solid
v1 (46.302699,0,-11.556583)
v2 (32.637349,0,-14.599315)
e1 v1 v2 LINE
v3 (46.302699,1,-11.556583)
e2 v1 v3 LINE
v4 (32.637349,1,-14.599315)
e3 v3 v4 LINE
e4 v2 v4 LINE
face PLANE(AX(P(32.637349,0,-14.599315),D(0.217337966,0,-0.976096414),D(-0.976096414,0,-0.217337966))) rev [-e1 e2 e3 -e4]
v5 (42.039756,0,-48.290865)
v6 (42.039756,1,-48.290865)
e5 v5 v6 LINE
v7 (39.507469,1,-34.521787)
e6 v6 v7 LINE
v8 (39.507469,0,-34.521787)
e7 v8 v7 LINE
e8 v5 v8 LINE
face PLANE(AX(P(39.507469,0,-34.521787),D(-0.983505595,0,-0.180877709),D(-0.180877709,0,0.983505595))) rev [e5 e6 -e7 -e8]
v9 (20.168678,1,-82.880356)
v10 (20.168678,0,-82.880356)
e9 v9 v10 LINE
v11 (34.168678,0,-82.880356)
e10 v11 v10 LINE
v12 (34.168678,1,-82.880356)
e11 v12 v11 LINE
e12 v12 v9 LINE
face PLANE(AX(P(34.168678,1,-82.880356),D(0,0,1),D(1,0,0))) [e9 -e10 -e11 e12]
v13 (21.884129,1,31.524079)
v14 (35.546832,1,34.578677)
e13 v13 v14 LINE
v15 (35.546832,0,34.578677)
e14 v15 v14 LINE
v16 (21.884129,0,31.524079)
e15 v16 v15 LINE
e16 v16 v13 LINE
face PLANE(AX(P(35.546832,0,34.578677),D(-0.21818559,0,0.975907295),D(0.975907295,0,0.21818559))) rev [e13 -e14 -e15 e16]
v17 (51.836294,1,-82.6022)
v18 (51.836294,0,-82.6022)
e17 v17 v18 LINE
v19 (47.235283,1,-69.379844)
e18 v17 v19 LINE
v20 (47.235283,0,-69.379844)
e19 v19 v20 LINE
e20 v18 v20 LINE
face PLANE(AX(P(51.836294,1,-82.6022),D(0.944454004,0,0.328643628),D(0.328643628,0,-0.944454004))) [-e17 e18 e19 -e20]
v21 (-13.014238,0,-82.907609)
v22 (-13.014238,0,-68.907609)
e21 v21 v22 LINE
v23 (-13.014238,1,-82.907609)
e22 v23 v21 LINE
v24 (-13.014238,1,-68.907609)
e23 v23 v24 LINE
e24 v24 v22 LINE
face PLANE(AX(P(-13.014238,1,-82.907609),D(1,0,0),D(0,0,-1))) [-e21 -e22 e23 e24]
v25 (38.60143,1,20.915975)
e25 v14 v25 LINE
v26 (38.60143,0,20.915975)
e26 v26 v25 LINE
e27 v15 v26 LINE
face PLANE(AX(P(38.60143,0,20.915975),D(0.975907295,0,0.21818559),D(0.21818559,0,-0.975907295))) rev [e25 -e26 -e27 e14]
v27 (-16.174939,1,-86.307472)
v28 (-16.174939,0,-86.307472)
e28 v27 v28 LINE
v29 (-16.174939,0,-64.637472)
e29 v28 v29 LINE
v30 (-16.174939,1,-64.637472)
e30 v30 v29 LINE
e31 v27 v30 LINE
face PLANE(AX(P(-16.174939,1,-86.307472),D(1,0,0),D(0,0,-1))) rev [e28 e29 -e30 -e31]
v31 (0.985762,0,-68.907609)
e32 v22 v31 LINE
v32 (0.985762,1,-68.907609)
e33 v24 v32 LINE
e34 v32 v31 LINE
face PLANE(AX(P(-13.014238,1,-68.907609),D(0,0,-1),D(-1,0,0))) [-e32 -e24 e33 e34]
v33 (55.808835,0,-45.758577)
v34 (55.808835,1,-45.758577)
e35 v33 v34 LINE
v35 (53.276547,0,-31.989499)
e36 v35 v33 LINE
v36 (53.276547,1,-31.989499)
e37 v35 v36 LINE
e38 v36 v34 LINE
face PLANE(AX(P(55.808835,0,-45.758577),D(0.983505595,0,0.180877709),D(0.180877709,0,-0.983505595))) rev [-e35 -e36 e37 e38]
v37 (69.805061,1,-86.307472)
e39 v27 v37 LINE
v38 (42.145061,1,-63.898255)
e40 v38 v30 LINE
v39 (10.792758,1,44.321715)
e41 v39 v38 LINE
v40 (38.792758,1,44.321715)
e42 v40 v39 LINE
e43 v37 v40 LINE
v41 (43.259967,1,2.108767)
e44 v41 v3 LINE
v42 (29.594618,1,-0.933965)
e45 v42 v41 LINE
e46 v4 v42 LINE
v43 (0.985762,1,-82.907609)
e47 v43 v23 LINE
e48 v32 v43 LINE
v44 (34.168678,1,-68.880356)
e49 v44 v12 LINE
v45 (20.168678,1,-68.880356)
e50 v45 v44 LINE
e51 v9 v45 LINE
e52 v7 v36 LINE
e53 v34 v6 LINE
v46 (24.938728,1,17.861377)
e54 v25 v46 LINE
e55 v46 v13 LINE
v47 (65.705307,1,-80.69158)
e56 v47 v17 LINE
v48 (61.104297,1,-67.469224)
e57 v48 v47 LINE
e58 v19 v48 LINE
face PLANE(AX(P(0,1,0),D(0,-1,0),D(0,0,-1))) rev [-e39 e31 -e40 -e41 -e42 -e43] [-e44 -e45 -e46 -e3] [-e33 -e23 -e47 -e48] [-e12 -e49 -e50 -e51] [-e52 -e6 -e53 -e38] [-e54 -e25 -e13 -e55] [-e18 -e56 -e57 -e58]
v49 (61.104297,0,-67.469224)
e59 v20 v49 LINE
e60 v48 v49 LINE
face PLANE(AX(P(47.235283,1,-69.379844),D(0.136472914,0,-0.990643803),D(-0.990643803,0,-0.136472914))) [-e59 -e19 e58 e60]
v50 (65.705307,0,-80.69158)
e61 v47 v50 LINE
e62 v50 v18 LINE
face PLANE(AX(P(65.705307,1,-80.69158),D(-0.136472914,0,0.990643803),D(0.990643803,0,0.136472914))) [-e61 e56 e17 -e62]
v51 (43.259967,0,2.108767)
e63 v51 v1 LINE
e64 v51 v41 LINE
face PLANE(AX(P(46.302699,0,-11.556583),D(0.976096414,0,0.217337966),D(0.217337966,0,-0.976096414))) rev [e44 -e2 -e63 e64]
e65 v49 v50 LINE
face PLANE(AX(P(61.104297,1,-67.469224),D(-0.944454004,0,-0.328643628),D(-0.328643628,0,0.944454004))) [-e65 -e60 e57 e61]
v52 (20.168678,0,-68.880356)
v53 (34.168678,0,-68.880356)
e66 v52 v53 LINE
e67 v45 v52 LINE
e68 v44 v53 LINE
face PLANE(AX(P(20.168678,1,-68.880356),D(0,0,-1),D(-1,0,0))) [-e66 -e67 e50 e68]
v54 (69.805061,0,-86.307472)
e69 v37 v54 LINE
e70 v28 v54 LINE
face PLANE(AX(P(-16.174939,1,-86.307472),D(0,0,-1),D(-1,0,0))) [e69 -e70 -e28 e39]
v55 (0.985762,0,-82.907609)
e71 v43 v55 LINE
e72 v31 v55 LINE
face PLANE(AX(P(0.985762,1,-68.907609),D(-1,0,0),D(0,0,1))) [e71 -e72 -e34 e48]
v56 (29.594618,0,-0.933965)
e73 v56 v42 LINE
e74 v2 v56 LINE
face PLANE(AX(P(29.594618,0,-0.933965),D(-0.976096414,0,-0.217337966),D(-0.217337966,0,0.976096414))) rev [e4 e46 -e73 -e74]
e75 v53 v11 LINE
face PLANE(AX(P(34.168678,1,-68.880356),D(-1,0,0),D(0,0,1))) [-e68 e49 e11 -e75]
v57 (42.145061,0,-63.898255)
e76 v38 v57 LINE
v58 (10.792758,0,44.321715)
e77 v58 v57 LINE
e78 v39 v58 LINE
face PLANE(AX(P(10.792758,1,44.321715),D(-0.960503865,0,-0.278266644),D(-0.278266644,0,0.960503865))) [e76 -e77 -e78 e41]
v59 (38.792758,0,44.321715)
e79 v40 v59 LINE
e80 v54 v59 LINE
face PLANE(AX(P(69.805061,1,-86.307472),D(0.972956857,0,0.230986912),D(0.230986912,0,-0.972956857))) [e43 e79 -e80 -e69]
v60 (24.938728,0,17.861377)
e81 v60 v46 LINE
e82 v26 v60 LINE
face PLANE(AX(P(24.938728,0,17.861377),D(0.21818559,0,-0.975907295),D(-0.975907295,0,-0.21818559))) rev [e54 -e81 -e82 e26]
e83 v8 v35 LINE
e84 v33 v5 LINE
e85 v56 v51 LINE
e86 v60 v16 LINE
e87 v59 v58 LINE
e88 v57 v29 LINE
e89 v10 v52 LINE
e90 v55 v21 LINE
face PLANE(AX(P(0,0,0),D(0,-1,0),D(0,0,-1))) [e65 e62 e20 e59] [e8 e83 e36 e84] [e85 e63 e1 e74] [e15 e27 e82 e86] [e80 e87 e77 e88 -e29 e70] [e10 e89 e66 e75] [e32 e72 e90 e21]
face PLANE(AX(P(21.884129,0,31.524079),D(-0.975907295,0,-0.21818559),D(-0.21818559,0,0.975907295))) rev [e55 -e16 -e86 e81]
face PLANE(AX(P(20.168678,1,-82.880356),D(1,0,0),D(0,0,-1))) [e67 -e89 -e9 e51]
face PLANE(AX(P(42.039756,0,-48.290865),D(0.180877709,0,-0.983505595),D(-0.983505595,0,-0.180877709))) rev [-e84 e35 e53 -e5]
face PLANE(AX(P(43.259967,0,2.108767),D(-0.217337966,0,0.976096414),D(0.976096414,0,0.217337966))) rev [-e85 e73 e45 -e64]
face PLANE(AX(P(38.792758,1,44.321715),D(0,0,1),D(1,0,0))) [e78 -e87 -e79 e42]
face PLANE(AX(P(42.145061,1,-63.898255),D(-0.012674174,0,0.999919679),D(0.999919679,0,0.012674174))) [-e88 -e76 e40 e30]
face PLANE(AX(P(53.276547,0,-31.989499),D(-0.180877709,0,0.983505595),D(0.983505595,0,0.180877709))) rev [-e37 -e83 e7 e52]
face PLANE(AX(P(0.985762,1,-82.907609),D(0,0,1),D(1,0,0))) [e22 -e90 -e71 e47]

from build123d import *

# Parameters (mm, degrees)
BOSS_EXTRUDE1_DEPTH = 1
SKETCH2_W           = 14
SKETCH2_H           = 14
CUT_EXTRUDE1_DEPTH  = 112.007775968
CUT_EXTRUDE2_DEPTH  = 112.007775968


with BuildPart() as part:
    # Sketch1 → Boss-Extrude1 (new body)
    with BuildSketch(Plane(origin=(0, 0, 0), x_dir=(1, 0, 0), z_dir=(0, 1, 0))):
        Polygon((-16.174938897, 86.307472271), (69.805061103, 86.307472271), (38.792758309, -44.321715415), (10.792758309, -44.321715415), (42.145061103, 63.898255059), (-16.174938897, 64.637472271), align=None)
    extrude(amount=BOSS_EXTRUDE1_DEPTH)

    # Sketch2 → Cut-Extrude1 (cut, through all)
    with BuildSketch(Plane(origin=(0, 0, 0), x_dir=(1, 0, 0), z_dir=(0, 1, 0))):
        with Locations((-6.014238297, 75.907608588)):
            Rectangle(SKETCH2_W, SKETCH2_H)
        with Locations((27.168678058, 75.880355848)):
            Rectangle(SKETCH2_W, SKETCH2_H)
        Polygon((47.235283442, 69.379844428), (61.104296679, 67.469223626), (65.705307468, 80.691579684), (51.836294232, 82.602200486), align=None)
    extrude(amount=CUT_EXTRUDE1_DEPTH, mode=Mode.SUBTRACT)

    # Sketch3 → Cut-Extrude2 (cut, through all)
    with BuildSketch(Plane(origin=(0, 1, 0), x_dir=(1, 0, 0), z_dir=(0, 1, 0))):
        Polygon((42.039756476, 48.29086531), (55.808834799, 45.758577387), (53.276546876, 31.989499063), (39.507468553, 34.521786986), align=None)
        Polygon((46.302698973, 11.55658303), (43.259967448, -2.108766759), (29.594617659, 0.933964766), (32.637349184, 14.599314555), align=None)
        Polygon((38.601429809, -20.915974937), (35.546831549, -34.578677066), (21.88412942, -31.524078805), (24.93872768, -17.861376676), align=None)
    extrude(amount=-CUT_EXTRUDE2_DEPTH, mode=Mode.SUBTRACT)


solid = part.part
